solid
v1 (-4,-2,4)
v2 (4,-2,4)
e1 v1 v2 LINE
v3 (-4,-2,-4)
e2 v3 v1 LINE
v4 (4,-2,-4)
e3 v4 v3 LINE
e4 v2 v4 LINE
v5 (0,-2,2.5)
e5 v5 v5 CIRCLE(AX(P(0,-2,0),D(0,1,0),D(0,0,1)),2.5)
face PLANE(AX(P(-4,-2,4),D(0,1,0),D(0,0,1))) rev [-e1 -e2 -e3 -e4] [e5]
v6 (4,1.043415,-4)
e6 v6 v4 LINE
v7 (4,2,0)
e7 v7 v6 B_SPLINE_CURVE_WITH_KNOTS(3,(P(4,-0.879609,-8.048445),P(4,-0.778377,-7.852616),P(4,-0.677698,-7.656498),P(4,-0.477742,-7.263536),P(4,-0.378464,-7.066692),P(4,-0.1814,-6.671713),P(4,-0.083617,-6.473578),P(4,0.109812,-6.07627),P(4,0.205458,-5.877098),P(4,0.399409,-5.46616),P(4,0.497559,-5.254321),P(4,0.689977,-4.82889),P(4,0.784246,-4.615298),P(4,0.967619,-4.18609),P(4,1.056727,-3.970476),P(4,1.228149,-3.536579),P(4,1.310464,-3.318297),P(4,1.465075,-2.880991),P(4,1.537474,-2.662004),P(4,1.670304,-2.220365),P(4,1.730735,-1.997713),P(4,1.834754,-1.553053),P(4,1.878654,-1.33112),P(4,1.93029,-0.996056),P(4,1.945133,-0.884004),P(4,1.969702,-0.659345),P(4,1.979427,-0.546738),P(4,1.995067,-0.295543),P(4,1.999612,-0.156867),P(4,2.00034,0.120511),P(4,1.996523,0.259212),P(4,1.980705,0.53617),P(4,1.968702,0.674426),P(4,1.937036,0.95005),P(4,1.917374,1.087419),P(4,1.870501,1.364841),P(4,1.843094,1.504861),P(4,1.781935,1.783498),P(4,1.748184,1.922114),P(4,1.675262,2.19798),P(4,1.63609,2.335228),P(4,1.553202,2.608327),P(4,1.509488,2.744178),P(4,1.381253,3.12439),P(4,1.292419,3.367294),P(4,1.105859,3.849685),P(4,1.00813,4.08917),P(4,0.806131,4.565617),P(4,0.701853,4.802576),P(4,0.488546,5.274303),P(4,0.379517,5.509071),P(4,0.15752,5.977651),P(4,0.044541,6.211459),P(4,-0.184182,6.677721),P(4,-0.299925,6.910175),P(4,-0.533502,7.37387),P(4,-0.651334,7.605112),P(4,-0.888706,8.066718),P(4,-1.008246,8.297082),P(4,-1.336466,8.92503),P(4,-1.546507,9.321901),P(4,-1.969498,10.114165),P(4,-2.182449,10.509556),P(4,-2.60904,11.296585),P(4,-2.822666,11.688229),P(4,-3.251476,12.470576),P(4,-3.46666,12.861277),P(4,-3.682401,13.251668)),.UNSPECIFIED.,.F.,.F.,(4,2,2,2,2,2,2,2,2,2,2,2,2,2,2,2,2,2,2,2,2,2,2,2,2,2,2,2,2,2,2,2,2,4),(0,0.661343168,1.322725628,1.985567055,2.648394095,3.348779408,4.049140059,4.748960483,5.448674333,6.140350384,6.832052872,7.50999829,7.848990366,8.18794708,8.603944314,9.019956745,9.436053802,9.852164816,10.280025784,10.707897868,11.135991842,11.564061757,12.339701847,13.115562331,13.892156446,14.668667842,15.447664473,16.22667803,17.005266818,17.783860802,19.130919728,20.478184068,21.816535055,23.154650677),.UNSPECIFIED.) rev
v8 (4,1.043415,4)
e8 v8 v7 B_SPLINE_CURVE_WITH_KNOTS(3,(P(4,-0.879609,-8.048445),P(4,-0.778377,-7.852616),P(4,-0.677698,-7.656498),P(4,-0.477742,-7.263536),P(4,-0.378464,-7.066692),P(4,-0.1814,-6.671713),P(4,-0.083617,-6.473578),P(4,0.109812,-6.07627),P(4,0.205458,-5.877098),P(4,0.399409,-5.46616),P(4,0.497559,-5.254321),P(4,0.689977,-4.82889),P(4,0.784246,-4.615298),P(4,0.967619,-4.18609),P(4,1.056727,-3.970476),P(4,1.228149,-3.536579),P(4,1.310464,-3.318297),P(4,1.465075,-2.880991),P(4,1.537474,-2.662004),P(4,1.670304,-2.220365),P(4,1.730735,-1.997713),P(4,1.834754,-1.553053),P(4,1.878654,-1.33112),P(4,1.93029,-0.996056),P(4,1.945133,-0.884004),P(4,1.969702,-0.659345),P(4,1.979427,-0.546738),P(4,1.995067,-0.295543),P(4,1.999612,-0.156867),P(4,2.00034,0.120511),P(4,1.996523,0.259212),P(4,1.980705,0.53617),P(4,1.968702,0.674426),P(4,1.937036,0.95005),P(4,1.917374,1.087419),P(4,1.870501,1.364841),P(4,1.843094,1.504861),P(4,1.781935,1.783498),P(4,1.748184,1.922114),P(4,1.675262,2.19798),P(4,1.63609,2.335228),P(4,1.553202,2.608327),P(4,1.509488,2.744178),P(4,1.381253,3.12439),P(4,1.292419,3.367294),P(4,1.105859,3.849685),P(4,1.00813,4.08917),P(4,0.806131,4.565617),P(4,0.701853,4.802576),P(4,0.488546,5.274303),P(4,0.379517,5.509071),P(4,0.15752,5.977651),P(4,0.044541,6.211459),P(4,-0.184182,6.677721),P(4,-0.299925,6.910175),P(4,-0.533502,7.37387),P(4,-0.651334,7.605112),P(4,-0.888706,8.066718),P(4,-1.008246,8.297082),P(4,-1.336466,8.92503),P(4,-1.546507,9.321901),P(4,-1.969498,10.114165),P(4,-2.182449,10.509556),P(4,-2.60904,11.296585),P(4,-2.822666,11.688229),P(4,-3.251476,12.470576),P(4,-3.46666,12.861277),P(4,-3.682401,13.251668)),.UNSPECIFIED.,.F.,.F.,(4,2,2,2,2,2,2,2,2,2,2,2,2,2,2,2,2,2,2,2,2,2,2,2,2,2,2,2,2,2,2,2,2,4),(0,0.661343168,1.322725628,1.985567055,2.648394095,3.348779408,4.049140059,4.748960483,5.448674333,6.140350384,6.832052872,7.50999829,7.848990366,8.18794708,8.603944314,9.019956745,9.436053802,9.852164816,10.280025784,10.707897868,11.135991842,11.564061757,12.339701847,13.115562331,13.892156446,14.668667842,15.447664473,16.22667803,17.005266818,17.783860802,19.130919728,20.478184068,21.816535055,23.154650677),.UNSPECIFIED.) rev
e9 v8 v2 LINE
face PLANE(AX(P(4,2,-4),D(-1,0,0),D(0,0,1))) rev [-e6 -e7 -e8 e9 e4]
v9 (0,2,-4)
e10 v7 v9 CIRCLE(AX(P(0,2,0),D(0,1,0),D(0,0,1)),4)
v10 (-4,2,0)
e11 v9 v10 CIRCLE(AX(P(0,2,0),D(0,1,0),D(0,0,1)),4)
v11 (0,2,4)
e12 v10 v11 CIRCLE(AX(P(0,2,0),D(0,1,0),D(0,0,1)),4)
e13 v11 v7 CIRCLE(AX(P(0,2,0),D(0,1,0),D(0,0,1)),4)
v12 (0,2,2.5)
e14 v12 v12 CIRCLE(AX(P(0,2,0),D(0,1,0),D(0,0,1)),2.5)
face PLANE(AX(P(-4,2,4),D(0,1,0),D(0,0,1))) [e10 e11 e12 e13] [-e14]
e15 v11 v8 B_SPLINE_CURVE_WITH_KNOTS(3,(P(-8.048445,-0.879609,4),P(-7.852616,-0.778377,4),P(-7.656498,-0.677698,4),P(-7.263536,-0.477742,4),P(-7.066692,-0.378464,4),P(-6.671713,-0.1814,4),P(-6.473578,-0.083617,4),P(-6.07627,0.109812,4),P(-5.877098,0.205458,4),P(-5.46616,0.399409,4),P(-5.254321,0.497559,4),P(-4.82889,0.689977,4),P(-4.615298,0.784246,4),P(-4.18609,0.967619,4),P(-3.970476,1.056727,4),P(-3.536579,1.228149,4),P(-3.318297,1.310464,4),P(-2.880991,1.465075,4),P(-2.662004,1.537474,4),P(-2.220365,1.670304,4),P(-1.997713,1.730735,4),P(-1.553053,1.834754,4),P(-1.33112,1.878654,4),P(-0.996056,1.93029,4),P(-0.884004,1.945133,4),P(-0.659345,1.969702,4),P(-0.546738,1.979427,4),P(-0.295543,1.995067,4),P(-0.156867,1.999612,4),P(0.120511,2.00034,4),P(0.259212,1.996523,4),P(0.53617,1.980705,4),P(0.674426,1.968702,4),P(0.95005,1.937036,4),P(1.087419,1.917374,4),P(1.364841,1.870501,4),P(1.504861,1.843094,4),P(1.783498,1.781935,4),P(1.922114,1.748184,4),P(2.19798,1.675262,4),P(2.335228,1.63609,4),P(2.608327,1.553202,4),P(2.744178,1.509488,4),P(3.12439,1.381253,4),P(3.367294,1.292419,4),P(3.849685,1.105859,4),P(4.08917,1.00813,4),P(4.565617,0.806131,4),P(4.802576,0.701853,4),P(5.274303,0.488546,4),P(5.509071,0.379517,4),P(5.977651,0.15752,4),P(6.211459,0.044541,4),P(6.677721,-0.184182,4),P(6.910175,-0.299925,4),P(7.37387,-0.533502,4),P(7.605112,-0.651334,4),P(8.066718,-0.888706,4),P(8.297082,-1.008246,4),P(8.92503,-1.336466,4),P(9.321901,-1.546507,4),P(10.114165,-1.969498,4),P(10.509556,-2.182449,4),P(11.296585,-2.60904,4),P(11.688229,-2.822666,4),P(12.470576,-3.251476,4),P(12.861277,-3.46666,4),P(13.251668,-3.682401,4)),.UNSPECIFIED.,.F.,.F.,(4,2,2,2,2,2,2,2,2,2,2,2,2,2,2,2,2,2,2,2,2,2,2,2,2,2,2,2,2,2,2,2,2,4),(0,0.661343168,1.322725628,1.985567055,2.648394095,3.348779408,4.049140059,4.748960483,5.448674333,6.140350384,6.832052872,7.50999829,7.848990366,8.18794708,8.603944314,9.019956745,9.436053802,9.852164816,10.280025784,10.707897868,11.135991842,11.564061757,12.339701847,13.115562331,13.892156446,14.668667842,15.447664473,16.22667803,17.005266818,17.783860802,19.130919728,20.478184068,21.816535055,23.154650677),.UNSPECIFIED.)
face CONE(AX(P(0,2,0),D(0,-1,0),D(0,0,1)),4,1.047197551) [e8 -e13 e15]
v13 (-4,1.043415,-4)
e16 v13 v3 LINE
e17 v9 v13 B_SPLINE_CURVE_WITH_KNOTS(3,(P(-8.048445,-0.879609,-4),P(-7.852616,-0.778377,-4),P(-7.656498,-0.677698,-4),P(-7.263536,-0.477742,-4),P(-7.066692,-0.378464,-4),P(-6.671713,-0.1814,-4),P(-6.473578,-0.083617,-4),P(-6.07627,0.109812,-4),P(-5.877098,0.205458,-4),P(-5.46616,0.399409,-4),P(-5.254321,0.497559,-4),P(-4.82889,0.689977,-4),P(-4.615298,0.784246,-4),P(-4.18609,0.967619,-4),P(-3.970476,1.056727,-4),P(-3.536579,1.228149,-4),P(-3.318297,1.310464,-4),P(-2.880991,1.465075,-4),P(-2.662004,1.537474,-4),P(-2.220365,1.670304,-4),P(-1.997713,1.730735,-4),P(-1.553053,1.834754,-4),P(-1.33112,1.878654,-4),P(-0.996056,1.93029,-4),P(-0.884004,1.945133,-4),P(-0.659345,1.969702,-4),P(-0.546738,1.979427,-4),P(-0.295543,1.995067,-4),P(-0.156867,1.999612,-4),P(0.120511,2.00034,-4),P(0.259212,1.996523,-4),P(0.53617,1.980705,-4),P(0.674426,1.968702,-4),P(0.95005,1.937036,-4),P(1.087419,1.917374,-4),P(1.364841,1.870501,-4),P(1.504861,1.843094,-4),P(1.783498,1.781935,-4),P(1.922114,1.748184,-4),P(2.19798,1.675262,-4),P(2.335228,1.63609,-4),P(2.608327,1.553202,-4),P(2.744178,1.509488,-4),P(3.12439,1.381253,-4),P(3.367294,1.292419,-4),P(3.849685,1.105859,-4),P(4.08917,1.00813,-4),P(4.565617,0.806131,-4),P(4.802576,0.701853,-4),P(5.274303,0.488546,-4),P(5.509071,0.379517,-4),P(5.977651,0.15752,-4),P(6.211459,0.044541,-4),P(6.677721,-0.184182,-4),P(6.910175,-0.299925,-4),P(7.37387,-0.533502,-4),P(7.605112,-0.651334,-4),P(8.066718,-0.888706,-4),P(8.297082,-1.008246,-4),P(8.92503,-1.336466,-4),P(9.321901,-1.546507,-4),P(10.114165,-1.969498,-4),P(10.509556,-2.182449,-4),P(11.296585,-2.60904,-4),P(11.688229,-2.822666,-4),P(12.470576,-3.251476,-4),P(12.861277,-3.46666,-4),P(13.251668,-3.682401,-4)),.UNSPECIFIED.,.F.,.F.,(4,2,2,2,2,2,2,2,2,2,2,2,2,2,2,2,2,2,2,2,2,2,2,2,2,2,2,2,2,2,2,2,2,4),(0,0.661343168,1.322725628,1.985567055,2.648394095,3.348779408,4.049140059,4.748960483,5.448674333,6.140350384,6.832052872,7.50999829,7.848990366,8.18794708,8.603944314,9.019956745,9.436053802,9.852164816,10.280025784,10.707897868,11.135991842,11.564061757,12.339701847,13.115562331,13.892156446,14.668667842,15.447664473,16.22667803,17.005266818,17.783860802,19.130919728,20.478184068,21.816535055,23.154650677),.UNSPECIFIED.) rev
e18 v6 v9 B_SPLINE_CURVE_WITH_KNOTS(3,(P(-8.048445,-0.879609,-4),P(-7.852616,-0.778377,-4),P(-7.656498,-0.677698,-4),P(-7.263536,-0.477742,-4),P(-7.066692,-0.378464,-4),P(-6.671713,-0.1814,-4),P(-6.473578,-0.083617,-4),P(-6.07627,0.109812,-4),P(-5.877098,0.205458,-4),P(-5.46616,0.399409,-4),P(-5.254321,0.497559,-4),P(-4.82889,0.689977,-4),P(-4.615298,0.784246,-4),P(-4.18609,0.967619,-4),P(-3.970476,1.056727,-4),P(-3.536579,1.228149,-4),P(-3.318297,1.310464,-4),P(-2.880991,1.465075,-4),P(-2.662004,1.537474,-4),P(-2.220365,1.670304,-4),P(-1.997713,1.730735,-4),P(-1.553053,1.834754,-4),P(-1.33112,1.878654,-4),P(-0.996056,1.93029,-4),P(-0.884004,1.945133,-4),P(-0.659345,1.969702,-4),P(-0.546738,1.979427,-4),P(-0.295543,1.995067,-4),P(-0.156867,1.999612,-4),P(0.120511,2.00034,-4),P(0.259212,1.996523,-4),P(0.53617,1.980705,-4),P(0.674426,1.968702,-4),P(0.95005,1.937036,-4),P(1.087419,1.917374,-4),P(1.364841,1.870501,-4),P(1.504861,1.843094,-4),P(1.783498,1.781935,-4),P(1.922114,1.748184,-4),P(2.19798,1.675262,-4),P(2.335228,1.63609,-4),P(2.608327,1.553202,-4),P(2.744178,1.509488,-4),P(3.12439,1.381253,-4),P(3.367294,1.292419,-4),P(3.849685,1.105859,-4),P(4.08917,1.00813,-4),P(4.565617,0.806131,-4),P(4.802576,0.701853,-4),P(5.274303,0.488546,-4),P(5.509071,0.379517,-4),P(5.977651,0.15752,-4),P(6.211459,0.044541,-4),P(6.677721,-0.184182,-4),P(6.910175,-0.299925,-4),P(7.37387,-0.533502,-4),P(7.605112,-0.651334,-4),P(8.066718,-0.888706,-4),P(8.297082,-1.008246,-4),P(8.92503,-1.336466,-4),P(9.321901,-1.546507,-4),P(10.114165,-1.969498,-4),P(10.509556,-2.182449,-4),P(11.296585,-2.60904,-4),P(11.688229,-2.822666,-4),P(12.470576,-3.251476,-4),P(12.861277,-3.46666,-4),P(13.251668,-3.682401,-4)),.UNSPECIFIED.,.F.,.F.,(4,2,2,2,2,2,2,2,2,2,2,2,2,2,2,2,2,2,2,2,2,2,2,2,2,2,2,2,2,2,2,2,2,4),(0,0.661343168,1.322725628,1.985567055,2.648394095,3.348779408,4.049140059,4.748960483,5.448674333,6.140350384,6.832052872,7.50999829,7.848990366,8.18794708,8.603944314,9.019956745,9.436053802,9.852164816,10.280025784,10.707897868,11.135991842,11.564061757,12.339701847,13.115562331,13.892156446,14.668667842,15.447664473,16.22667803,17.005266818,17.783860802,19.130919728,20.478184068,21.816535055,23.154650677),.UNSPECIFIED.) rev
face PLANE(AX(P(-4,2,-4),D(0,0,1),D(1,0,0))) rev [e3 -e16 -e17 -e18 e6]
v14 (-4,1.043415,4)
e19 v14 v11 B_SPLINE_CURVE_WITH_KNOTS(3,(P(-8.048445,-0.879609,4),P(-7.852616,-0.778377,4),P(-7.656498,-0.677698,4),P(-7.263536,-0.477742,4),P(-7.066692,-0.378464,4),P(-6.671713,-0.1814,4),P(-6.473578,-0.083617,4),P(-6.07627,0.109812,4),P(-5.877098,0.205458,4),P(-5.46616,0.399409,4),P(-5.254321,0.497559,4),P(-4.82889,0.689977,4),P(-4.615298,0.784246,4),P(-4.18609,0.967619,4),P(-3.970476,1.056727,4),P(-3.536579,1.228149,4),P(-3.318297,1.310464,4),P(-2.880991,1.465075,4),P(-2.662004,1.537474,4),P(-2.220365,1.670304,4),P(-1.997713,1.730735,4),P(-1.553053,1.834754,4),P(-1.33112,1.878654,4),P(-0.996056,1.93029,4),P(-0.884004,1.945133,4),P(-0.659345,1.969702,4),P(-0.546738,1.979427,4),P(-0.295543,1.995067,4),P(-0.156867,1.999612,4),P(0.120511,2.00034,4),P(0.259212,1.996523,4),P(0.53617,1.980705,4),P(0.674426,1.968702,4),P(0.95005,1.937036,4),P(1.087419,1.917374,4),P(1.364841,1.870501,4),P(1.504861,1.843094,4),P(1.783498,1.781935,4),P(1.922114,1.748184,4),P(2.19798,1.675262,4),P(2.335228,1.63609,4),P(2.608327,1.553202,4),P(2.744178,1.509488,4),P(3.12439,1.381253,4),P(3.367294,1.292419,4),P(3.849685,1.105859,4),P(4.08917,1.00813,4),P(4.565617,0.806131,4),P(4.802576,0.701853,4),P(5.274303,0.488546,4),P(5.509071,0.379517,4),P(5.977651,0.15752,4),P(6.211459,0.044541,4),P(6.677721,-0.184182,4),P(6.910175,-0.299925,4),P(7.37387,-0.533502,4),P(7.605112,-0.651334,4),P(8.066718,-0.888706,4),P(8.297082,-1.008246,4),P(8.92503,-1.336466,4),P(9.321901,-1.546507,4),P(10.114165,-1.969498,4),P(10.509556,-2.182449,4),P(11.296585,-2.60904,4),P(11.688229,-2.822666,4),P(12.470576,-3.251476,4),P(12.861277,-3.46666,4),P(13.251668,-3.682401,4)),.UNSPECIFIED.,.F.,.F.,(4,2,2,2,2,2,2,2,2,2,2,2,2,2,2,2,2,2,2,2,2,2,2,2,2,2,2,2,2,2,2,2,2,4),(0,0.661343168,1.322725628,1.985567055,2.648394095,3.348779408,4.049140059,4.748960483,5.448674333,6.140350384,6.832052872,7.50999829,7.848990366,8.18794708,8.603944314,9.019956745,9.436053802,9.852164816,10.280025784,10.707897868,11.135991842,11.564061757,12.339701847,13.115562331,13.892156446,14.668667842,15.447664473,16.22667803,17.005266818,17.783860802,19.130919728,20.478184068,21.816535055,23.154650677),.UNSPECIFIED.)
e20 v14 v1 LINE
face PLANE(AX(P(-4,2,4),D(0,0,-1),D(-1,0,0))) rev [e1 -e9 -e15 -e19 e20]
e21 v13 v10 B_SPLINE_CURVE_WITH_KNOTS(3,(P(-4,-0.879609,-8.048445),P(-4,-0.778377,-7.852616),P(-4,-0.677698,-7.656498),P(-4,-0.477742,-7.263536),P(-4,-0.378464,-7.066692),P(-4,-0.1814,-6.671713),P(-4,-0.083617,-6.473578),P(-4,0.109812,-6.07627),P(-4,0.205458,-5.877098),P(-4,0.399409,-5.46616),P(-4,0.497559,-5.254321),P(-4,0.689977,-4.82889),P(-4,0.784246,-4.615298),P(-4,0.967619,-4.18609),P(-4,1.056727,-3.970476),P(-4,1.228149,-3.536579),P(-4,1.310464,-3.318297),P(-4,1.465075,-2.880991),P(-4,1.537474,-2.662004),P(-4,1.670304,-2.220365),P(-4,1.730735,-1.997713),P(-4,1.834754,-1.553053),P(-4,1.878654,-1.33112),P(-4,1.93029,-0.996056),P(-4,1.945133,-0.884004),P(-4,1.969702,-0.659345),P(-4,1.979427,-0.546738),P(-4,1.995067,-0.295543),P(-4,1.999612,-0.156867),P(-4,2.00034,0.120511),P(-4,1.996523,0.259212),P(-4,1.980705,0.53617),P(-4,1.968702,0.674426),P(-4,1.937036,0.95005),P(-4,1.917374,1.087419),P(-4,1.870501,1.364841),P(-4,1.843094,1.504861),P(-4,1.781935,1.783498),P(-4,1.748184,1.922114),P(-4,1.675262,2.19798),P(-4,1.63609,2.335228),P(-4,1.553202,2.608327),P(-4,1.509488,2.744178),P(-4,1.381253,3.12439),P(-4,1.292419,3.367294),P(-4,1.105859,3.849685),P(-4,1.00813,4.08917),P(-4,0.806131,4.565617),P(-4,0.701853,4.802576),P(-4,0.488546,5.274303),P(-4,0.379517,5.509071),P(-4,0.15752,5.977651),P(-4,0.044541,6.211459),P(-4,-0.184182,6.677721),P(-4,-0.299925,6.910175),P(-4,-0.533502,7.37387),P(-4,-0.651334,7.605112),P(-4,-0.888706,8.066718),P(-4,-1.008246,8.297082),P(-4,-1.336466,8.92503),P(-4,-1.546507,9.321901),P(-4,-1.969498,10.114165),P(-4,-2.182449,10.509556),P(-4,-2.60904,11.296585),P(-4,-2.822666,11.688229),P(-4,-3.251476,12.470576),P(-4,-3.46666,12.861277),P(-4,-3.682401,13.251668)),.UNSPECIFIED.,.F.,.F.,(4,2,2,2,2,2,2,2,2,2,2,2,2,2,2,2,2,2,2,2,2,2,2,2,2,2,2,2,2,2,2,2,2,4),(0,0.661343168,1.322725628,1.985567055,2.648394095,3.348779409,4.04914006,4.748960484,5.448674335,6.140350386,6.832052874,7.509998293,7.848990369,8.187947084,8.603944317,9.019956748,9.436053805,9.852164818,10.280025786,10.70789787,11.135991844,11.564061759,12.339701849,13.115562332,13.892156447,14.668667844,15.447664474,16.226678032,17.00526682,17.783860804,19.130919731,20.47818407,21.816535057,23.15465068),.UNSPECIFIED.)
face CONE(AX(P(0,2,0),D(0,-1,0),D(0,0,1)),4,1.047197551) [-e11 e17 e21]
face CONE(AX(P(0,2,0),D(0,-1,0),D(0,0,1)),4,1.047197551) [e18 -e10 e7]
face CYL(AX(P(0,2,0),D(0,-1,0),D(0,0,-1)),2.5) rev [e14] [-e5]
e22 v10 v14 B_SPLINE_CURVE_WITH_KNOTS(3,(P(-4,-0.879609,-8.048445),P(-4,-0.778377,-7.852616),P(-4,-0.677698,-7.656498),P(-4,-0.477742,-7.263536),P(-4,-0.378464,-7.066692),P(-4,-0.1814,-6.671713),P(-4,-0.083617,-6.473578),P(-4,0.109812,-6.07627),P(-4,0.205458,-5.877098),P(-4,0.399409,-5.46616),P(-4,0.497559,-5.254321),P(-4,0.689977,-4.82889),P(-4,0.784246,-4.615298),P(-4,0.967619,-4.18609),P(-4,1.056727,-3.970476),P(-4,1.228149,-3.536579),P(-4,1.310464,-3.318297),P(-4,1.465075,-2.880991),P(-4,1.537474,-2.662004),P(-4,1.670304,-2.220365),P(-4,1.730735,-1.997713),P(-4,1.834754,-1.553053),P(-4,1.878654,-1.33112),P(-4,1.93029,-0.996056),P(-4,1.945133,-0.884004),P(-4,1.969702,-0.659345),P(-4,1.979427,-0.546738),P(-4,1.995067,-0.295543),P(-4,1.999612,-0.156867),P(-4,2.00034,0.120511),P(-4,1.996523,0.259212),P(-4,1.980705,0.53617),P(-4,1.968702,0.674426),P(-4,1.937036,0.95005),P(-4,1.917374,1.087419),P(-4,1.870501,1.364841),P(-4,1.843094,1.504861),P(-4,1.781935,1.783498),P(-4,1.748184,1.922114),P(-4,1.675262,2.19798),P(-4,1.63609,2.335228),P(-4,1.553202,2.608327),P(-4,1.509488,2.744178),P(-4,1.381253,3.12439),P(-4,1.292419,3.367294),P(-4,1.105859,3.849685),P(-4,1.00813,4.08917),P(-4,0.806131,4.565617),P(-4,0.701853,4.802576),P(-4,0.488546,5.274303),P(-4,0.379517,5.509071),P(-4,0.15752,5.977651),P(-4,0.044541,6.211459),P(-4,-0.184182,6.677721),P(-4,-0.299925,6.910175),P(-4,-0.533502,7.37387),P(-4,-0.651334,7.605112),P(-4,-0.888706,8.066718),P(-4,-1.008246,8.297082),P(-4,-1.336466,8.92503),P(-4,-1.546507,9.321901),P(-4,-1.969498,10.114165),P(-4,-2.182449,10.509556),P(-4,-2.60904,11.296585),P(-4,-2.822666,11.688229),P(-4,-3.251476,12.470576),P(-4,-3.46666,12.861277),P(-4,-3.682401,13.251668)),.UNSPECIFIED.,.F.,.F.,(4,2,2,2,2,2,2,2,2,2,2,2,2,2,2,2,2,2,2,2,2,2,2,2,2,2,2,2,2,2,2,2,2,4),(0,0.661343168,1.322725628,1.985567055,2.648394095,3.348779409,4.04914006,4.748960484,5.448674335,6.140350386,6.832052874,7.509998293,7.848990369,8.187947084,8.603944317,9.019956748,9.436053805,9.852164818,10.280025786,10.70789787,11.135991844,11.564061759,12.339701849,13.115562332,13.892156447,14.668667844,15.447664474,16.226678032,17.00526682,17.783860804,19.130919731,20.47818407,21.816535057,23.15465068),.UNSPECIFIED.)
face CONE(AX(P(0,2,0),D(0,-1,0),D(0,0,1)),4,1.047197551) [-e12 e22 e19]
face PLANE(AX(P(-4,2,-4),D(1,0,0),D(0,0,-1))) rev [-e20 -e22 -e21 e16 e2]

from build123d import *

# Parameters (mm, degrees)
SKETCH1_W           = 8
SKETCH1_H           = 8
SKETCH1_R           = 2.5
BOSS_EXTRUDE1_DEPTH = 2
SKETCH5_OUTSIDE_W   = 39.864
SKETCH5_OUTSIDE_H   = 39.864
SKETCH5_OUTSIDE_R   = 4
CUT_EXTRUDE2_DEPTH  = 7.92820323
CUT_EXTRUDE2_DRAFT  = -60


with BuildPart() as part:
    # Sketch1 → Boss-Extrude1 (new, symmetric)
    with BuildSketch(Plane(origin=(0, 0, 0), x_dir=(1, 0, 0), z_dir=(0, 1, 0))):
        Rectangle(SKETCH1_W, SKETCH1_H)
        Circle(SKETCH1_R, mode=Mode.SUBTRACT)
    extrude(amount=BOSS_EXTRUDE1_DEPTH, both=True)


with BuildPart() as cut_extrude2_tool:
    # Sketch5 outside → Cut-Extrude2 (with draft: the straight prism first)
    with BuildSketch(Plane(origin=(0, 2, 0), x_dir=(1, 0, 0), z_dir=(0, 1, 0))):
        Rectangle(SKETCH5_OUTSIDE_W, SKETCH5_OUTSIDE_H)
        Circle(SKETCH5_OUTSIDE_R, mode=Mode.SUBTRACT)
    extrude(amount=-CUT_EXTRUDE2_DEPTH)
    # Cut-Extrude2: the draft: its side faces are tilted about the plane it starts from
    cut_extrude2_sides = [cut_extrude2_tool.faces().sort_by_distance(p)[0] for p in [
        (0, -1.964101615, 19.932),
        (19.932, -1.964101615, 0),
        (0, -1.964101615, -19.932),
        (-19.932, -1.964101615, 0),
        (-4, -1.964101615, 0),
    ]]
    draft(cut_extrude2_sides, Plane(origin=(0, 2, 0), x_dir=(1, 0, 0), z_dir=(0, 1, 0)), CUT_EXTRUDE2_DRAFT)


with BuildPart() as part_1:
    add(part.part)

    # Cut-Extrude2: cut by cut_extrude2_tool
    add(cut_extrude2_tool.part, mode=Mode.SUBTRACT)


solid = part_1.part
